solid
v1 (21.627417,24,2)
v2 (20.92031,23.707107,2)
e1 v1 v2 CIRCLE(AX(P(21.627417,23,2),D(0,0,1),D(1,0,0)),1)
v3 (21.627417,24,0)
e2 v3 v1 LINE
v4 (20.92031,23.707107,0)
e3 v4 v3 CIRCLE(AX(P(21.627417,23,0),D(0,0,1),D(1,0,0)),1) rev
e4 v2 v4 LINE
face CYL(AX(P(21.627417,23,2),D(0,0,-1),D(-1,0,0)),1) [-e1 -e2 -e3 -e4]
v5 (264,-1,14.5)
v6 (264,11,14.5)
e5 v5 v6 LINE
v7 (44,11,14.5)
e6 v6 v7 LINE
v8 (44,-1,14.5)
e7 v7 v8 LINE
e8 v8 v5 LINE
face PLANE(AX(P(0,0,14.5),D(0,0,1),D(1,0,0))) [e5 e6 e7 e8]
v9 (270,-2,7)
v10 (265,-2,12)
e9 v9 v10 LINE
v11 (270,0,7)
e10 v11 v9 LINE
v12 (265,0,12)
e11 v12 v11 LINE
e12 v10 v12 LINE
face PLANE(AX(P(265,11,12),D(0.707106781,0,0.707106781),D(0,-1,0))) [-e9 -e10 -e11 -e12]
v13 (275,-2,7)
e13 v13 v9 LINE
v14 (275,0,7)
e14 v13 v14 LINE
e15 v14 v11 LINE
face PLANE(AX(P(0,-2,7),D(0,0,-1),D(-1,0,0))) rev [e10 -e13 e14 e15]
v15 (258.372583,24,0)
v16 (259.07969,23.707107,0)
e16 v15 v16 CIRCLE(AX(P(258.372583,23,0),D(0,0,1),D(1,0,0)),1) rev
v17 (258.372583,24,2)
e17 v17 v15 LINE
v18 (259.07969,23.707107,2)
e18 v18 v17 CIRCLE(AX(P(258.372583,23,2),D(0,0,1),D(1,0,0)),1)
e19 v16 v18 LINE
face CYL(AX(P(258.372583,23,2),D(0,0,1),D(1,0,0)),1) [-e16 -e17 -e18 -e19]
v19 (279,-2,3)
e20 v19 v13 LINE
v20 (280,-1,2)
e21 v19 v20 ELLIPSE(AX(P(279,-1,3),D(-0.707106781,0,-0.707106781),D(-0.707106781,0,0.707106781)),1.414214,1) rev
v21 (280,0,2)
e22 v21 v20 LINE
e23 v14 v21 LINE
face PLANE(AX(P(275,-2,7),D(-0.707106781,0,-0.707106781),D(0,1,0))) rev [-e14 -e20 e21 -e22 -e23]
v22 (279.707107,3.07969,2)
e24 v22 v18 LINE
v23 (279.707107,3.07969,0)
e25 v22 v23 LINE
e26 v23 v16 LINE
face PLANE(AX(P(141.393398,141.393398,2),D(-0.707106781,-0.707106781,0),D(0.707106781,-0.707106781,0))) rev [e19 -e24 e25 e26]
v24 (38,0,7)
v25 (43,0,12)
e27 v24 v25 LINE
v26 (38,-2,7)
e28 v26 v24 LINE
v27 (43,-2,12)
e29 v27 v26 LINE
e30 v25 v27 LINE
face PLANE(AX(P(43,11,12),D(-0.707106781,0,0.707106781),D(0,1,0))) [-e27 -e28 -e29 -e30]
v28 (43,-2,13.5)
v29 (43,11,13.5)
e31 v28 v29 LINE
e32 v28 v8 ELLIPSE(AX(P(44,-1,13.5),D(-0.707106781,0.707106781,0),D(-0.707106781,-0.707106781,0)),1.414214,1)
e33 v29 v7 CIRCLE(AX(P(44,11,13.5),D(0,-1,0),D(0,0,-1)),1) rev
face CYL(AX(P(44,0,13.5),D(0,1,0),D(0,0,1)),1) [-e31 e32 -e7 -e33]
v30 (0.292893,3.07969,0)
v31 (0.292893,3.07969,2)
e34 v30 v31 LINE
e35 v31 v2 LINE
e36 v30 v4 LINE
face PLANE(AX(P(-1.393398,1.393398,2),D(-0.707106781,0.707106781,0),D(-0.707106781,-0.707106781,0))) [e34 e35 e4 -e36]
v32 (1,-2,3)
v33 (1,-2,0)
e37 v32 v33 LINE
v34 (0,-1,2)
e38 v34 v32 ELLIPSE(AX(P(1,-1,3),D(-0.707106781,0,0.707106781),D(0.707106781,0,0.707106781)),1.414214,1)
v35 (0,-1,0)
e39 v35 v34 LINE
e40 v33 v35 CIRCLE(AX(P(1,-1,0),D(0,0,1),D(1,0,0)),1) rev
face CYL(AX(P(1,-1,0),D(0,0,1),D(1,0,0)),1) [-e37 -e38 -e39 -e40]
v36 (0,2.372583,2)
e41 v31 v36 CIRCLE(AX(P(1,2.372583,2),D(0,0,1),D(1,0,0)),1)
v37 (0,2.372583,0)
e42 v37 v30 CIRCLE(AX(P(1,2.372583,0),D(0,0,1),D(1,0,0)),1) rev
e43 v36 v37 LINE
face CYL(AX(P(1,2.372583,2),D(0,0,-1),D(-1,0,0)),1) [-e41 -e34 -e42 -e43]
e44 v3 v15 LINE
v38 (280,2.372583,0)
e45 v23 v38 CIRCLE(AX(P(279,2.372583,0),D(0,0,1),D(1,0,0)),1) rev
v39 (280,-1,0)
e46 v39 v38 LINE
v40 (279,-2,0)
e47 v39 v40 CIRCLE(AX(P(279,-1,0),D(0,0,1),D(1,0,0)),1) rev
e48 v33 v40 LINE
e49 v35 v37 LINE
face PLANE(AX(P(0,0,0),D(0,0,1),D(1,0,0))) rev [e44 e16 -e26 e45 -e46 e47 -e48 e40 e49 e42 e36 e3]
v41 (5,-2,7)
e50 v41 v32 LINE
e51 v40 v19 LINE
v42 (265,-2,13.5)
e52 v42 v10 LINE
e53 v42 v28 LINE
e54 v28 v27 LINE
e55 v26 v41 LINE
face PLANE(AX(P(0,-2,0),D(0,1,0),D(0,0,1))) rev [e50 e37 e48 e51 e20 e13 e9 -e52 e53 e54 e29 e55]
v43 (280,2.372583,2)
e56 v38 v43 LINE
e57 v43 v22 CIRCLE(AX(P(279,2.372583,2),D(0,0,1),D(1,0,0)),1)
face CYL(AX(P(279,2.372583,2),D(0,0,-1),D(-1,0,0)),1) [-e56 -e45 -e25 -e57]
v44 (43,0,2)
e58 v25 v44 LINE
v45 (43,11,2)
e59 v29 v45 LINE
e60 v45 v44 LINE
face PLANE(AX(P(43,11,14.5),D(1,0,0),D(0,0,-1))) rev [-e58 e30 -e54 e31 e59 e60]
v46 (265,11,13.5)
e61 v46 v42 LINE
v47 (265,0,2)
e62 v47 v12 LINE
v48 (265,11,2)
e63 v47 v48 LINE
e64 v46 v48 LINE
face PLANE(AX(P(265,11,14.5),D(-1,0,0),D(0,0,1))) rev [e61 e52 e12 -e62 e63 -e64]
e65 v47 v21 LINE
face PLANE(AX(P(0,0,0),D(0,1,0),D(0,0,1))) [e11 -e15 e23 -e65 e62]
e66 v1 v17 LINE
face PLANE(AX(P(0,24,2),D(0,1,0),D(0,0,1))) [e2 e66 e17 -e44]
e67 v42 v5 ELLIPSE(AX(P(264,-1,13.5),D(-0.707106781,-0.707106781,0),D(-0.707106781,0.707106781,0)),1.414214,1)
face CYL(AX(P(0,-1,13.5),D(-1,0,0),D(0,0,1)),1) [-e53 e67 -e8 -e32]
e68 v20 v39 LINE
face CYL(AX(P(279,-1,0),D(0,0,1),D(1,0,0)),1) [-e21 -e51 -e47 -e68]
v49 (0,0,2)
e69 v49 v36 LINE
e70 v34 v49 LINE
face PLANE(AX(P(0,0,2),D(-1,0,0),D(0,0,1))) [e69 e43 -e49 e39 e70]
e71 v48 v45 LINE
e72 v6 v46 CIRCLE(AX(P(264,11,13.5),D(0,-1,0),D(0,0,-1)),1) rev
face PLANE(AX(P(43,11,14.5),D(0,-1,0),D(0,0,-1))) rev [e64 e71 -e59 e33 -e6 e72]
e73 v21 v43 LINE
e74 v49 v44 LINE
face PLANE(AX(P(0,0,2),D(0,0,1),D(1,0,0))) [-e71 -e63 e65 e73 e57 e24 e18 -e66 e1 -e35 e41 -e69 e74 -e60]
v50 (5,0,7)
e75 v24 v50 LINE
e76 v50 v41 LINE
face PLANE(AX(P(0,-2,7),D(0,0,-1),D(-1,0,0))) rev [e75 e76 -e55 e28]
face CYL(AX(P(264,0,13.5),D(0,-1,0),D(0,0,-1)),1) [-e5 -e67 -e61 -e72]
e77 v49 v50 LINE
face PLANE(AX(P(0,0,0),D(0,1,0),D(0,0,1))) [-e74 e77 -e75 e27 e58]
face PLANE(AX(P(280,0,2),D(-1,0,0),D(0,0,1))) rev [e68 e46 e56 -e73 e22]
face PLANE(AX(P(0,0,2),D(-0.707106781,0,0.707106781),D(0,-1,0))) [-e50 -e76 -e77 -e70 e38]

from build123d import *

# Parameters (mm, degrees)
BOSS_EXTRUDE1_DEPTH = 2
SKETCH10_W          = 280
SKETCH10_H          = 7
BOSS_EXTRUDE3_DEPTH = 2
SKETCH3_W           = 222
SKETCH3_H           = 13
BOSS_EXTRUDE4_DEPTH = 12.5
CHAMFER1_SIZE       = 5
FILLET1_R           = 1


with BuildPart() as part:
    # Sketch1 → Boss-Extrude1 (new body)
    with BuildSketch(Plane.XY):
        with BuildLine():
            Line((21.213203436, 24), (0, 2.786796564))
            Line((0, 2.786796564), (0, 0))
            Line((0, 0), (42, 0))
            Line((42, 0), (42, 11))
            ThreePointArc((42, 11), (43.171572875, 13.828427125), (46, 15))
            Line((46, 15), (262, 15))
            ThreePointArc((262, 15), (264.828427125, 13.828427125), (266, 11))
            Line((266, 11), (266, 0))
            Line((266, 0), (280, 0))
            Line((280, 0), (280, 2.786796564))
            Line((280, 2.786796564), (258.786796564, 24))
            Line((258.786796564, 24), (21.213203436, 24))
        make_face()
        with BuildLine():
            Line((42, 11), (42, 0))
            Line((42, 0), (266, 0))
            Line((266, 0), (266, 11))
            ThreePointArc((266, 11), (264.828427125, 13.828427125), (262, 15))
            Line((262, 15), (46, 15))
            ThreePointArc((46, 15), (43.171572875, 13.828427125), (42, 11))
        make_face()
    extrude(amount=BOSS_EXTRUDE1_DEPTH)

    # Sketch10 → Boss-Extrude3 (add)
    with BuildSketch(Plane.XZ):
        with Locations((140, 3.5)):
            Rectangle(SKETCH10_W, SKETCH10_H)
    extrude(amount=BOSS_EXTRUDE3_DEPTH)

    # Sketch3 → Boss-Extrude4 (add)
    with BuildSketch(Plane.XY.offset(2)):
        with Locations((154, 4.5)):
            Rectangle(SKETCH3_W, SKETCH3_H)
    extrude(amount=BOSS_EXTRUDE4_DEPTH)

    # Chamfer1
    chamfer1_edges = [part.edges().sort_by_distance(p)[0] for p in [
        (43, -1, 7),
        (0, -1, 7),
        (280, -1, 7),
        (265, -1, 7),
    ]]
    chamfer(chamfer1_edges, length=CHAMFER1_SIZE)

    # Fillet1
    fillet1_edges = [part.edges().sort_by_distance(p)[0] for p in [
        (0, 2.786796564, 1),
        (21.213203436, 24, 1),
        (258.786796564, 24, 1),
        (280, 2.786796564, 1),
        (280, -2, 1),
        (43, 4.5, 14.5),
        (154, -2, 14.5),
        (265, 4.5, 14.5),
        (0, -2, 1),
    ]]
    fillet(fillet1_edges, radius=FILLET1_R)


solid = part.part
